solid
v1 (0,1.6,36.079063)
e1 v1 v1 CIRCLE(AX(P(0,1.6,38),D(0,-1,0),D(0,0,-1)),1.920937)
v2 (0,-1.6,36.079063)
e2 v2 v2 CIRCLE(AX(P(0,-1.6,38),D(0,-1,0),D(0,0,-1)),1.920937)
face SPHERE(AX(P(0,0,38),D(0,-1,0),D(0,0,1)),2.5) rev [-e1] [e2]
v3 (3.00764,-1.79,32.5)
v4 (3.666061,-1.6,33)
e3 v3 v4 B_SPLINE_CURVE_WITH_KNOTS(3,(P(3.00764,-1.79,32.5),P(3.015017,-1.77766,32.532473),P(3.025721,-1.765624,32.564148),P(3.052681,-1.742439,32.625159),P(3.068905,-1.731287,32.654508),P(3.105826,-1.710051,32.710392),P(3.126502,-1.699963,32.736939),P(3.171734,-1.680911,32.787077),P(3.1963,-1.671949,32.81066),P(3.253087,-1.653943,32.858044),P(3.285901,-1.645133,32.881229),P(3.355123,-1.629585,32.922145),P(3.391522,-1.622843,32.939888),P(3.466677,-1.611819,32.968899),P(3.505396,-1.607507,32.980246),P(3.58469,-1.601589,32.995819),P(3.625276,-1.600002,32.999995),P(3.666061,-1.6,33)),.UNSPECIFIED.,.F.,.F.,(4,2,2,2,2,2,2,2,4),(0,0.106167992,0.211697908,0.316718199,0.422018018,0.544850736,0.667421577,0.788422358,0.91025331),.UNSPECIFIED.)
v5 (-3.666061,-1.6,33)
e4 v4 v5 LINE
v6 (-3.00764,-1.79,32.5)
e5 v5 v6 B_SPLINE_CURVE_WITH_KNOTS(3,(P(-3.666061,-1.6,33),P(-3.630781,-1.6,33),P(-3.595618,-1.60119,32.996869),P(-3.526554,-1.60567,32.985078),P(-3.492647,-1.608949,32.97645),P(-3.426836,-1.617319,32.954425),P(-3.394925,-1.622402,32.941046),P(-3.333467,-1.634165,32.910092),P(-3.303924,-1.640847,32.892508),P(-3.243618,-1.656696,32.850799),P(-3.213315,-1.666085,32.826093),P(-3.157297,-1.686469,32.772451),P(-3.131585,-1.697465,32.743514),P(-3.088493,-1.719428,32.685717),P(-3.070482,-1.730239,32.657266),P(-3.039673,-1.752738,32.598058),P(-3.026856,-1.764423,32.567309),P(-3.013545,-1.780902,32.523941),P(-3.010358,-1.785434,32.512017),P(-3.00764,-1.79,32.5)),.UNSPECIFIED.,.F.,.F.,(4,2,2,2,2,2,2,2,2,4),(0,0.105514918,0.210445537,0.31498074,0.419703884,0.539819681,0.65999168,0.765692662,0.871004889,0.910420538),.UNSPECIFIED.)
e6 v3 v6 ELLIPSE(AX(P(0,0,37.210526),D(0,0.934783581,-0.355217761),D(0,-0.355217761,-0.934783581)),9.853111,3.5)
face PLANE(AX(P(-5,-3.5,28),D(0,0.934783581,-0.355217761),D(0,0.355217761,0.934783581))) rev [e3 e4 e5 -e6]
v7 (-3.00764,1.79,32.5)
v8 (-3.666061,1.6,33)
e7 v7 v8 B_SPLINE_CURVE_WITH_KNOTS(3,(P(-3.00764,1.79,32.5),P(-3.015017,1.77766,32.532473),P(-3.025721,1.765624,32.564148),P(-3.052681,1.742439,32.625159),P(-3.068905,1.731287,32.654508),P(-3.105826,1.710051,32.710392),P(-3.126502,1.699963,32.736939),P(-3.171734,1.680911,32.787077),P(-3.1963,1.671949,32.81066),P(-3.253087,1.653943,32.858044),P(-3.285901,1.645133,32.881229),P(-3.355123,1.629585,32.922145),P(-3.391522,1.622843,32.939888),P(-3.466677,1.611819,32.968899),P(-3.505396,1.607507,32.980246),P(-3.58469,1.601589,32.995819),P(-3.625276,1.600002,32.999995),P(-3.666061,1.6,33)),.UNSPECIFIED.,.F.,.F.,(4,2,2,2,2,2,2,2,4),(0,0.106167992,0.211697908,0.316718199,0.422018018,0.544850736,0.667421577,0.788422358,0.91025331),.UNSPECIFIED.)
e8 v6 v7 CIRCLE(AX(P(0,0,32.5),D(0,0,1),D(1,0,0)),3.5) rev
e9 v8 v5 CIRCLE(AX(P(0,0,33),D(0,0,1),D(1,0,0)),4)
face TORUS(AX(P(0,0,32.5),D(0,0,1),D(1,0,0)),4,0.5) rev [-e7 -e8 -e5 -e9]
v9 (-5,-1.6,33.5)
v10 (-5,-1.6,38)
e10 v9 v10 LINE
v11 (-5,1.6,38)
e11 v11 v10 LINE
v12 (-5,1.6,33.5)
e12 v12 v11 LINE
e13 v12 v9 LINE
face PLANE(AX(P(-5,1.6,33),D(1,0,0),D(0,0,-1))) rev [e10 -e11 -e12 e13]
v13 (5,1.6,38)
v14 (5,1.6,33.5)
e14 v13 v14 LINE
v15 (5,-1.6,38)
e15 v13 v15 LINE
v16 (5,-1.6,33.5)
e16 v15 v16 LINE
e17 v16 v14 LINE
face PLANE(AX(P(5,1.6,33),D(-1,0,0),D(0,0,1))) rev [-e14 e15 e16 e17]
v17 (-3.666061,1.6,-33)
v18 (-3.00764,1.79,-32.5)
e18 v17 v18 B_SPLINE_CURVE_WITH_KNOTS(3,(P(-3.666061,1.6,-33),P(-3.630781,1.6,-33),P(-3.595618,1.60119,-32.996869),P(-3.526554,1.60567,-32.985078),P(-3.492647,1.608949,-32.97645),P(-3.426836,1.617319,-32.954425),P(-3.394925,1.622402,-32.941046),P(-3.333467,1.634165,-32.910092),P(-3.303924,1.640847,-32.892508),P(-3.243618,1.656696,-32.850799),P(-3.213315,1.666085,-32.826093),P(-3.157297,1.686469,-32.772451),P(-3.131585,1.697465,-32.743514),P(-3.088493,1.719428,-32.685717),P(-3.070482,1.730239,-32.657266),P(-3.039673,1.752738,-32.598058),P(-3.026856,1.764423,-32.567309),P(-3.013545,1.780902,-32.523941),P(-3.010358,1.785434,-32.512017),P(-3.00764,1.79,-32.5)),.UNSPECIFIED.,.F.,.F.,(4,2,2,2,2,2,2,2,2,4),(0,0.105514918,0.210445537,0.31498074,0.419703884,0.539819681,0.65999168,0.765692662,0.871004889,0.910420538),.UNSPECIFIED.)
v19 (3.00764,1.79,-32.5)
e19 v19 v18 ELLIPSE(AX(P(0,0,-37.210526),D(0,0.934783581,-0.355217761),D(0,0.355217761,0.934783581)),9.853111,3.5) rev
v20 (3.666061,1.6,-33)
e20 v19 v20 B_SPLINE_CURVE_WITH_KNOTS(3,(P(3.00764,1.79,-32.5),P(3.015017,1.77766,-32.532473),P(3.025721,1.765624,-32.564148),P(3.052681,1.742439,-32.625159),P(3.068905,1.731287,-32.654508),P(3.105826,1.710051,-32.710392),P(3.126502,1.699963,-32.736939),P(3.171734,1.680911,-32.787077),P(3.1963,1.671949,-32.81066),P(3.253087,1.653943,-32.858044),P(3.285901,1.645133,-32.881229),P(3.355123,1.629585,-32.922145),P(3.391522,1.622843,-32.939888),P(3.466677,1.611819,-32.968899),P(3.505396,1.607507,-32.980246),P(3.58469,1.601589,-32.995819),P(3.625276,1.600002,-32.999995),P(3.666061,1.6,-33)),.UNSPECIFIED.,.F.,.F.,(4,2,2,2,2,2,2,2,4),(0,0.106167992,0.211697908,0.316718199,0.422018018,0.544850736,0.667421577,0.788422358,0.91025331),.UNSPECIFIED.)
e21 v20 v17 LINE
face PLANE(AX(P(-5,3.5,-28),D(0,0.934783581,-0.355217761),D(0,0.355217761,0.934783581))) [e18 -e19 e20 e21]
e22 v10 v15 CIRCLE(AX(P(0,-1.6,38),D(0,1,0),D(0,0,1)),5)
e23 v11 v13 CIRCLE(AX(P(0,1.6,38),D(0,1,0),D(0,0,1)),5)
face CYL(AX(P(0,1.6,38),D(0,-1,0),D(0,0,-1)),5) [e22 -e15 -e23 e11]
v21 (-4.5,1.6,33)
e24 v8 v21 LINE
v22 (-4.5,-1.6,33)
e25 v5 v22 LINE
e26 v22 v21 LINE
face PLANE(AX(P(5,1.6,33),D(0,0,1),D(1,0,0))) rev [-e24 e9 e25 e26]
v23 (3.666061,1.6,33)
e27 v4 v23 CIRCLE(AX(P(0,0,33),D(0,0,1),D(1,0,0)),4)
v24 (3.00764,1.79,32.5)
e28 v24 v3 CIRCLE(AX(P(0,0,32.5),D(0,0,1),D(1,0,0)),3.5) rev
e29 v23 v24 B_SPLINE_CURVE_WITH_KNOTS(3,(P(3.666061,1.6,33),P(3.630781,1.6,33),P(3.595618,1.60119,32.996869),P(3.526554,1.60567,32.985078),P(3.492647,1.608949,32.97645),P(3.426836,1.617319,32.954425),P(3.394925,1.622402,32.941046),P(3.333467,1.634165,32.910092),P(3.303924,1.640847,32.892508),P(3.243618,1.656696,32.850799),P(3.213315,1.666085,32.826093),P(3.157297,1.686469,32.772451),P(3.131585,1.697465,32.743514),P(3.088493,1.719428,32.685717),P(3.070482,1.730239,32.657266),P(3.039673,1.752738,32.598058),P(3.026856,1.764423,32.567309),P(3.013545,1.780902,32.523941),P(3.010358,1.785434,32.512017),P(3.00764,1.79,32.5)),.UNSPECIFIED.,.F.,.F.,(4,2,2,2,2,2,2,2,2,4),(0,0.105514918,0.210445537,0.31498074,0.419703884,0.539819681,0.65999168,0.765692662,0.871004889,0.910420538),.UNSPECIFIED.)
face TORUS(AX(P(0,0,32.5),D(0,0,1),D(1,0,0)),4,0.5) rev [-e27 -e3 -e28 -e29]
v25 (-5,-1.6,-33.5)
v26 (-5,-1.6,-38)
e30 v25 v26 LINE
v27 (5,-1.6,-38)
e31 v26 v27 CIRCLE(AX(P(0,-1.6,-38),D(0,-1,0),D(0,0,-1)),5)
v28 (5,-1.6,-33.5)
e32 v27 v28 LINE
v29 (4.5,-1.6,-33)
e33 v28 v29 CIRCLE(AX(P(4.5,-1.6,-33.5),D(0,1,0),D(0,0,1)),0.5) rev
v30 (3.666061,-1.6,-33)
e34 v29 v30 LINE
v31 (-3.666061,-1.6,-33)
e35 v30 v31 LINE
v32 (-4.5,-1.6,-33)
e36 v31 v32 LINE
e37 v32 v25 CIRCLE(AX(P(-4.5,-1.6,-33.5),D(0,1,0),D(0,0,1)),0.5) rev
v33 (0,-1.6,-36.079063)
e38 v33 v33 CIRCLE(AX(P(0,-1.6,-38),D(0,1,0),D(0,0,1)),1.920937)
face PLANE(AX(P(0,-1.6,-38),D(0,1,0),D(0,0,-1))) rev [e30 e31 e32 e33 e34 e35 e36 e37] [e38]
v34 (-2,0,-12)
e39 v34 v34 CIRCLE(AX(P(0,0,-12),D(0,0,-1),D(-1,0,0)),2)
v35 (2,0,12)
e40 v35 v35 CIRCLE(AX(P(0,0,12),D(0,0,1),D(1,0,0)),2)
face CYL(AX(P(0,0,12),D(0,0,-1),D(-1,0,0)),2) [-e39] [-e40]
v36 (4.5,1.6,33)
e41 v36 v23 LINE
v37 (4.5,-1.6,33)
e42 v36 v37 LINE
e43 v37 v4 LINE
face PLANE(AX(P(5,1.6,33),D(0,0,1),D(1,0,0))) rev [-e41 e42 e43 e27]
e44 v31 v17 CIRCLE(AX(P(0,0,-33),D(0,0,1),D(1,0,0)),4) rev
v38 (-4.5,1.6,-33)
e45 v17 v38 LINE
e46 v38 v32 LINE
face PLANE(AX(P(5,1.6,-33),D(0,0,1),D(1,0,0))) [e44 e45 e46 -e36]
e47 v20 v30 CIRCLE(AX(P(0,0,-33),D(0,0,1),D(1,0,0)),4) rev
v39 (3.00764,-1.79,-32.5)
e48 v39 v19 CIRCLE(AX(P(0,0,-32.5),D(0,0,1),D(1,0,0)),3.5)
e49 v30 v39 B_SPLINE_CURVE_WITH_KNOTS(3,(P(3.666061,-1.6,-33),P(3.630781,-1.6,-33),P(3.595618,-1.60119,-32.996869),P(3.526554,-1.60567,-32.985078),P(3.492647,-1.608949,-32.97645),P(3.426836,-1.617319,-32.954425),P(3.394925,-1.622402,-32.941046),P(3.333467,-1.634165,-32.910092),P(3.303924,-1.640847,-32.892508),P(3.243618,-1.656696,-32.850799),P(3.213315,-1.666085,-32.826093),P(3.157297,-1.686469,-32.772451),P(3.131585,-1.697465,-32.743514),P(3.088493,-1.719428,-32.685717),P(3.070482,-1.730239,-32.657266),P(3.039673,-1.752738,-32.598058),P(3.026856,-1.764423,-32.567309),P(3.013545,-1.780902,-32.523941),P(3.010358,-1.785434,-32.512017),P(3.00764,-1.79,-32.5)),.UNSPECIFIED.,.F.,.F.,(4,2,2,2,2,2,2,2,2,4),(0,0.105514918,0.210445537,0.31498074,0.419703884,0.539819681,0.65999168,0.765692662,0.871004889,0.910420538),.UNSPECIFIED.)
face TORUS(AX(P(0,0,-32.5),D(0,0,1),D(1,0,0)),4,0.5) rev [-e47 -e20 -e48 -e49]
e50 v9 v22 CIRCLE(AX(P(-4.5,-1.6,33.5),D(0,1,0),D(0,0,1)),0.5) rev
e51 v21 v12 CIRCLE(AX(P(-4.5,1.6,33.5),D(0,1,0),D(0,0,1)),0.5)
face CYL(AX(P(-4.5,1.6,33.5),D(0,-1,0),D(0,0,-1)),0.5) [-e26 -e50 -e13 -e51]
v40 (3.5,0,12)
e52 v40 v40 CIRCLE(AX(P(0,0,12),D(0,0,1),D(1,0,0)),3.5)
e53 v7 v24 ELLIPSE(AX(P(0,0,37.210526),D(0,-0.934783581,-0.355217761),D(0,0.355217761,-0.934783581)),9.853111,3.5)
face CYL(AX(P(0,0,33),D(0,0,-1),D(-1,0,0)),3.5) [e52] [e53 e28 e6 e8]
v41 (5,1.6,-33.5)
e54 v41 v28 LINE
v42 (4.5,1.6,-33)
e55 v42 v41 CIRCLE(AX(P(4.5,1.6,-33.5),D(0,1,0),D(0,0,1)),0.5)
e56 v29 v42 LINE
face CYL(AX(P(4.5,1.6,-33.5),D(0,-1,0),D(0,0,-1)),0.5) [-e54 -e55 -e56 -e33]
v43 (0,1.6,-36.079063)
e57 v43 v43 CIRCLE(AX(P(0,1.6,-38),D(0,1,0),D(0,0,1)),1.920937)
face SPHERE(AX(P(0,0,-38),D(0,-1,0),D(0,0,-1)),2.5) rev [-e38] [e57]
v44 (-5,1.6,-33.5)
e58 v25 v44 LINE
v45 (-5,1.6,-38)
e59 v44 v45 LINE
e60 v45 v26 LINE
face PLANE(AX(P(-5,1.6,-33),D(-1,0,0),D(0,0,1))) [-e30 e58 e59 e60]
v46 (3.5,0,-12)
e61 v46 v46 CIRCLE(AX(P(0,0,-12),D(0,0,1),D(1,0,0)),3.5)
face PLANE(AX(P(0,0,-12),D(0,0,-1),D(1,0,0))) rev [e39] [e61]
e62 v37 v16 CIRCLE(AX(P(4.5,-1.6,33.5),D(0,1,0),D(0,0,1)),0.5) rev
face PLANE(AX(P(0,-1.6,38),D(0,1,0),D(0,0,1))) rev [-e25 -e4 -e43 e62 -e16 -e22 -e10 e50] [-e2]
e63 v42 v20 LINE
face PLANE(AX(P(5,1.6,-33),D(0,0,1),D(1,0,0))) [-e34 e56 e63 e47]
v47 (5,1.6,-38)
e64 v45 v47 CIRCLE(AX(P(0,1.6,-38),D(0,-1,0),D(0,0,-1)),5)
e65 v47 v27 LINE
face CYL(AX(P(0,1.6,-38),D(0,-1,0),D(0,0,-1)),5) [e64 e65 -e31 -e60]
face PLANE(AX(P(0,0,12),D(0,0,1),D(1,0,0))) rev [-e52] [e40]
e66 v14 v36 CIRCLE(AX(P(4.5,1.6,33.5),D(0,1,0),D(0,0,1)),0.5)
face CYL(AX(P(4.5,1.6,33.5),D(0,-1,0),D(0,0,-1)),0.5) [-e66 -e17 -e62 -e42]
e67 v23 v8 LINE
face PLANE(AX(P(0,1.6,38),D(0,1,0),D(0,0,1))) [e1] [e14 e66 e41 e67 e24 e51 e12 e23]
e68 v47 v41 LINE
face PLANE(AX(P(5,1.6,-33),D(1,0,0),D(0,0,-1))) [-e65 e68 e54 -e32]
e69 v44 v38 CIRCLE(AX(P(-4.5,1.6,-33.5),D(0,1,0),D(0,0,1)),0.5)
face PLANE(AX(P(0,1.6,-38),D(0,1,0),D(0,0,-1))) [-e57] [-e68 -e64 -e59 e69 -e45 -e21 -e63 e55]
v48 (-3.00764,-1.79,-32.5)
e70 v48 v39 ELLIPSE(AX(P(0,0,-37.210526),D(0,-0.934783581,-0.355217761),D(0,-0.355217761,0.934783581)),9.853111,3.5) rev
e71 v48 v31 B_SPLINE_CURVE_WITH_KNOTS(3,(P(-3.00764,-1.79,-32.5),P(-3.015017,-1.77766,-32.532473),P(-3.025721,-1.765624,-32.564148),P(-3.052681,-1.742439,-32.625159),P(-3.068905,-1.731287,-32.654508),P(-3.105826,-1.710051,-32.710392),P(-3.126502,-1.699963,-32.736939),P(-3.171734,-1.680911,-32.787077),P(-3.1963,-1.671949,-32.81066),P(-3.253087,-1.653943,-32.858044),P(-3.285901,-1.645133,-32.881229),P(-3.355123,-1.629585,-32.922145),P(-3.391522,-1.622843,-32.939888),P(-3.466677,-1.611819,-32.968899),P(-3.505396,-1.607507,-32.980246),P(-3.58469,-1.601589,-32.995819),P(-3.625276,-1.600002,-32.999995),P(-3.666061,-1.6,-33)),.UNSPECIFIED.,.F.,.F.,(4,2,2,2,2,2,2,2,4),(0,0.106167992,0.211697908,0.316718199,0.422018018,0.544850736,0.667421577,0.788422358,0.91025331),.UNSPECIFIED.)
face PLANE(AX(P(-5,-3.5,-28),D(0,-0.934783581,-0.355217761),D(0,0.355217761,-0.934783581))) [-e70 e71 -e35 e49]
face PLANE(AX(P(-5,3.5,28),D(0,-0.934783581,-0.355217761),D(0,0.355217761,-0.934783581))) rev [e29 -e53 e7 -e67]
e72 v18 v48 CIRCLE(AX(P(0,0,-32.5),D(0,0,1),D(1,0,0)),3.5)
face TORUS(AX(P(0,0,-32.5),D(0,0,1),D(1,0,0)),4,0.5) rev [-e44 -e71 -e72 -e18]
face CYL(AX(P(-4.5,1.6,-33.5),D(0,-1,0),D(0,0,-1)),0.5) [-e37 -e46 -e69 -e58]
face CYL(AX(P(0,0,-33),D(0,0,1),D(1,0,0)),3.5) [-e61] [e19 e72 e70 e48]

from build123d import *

# Parameters (mm, degrees)
SKETCH1_R                  = 2
SCREW_SECTION_DEPTH        = 12
SKETCH2_R                  = 3.5
BAR_SECTION_DEPTH          = 21
MOUNT_SECTION_DEPTH        = 1.6
BAR_TAPER_DEPTH            = 6
MOUNT_FILLET_R             = 0.5
MOUNT_FILLET_OF_MIRROR_2_R = 0.5


with BuildPart() as part:
    # Sketch1 → Screw Section (new body)
    with BuildSketch(Plane.XY):
        Circle(SKETCH1_R)
    screw_section = extrude(amount=SCREW_SECTION_DEPTH)

    # Sketch2 → Bar Section (add)
    with BuildSketch(Plane.XY.offset(12)):
        Circle(SKETCH2_R)
    bar_section = extrude(amount=BAR_SECTION_DEPTH)

    # Sketch3 → Mount Section (add, symmetric)
    with BuildSketch(Plane(origin=(0, 0, 0), x_dir=(1, 0, 0), z_dir=(0, 1, 0))):
        with BuildLine():
            Line((5, -33), (-5, -33))
            Line((-5, -33), (-5, -38))
            ThreePointArc((-5, -38), (0, -43), (5, -38))
            Line((5, -38), (5, -33))
        make_face()
    mount_section = extrude(amount=MOUNT_SECTION_DEPTH, both=True)

    # Sketch4 → Bar Taper (cut, symmetric)
    with BuildSketch(Plane(origin=(0, 0, 0), x_dir=(0, 0, -1), z_dir=(1, 0, 0))):
        Polygon((-28, -3.5), (-33, -1.6), (-33, -3.5), align=None)
        Polygon((-28, 3.5), (-33, 1.6), (-33, 3.5), align=None)
    bar_taper = extrude(amount=BAR_TAPER_DEPTH, both=True, mode=Mode.SUBTRACT)

    # Mount Fillet
    mount_fillet_edges = [part.edges().sort_by_distance(p)[0] for p in [
        (-5, 0, 33),
        (3.401842713, -0.823083322, 33),
        (-3.5, 0, 33),
        (5, 0, 33),
    ]]
    fillet(mount_fillet_edges, radius=MOUNT_FILLET_R)

    # Sketch6 → Ball Hole (revolve, cut)
    with BuildSketch(Plane(origin=(0, 0, 0), x_dir=(0, 0, -1), z_dir=(1, 0, 0))):
        with BuildLine():
            Line((-39.920937271, -1.6), (-38, -1.6))
            Line((-38, -1.6), (-38, 1.6))
            Line((-38, 1.6), (-39.920937271, 1.6))
            ThreePointArc((-39.920937271, 1.6), (-40.5, 0), (-39.920937271, -1.6))
        make_face()
    ball_hole = revolve(axis=Axis((0, -1.6, 38), (0, 1, 0)), mode=Mode.SUBTRACT)

    # Mirror 2: Screw Section, Bar Section, Mount Section, Bar Taper, Ball Hole across plane
    add(screw_section.mirror(Plane.XY))
    add(bar_section.mirror(Plane.XY))
    add(mount_section.mirror(Plane.XY))
    add(bar_taper.mirror(Plane.XY), mode=Mode.SUBTRACT)
    add(ball_hole.mirror(Plane.XY), mode=Mode.SUBTRACT)

    # Mount Fillet of Mirror 2
    mount_fillet_of_mirror_2_edges = [part.edges().sort_by_distance(p)[0] for p in [
        (-5, 0, -33),
        (3.401842713, -0.823083322, -33),
        (-3.5, 0, -33),
        (5, 0, -33),
    ]]
    fillet(mount_fillet_of_mirror_2_edges, radius=MOUNT_FILLET_OF_MIRROR_2_R)


solid = part.part
